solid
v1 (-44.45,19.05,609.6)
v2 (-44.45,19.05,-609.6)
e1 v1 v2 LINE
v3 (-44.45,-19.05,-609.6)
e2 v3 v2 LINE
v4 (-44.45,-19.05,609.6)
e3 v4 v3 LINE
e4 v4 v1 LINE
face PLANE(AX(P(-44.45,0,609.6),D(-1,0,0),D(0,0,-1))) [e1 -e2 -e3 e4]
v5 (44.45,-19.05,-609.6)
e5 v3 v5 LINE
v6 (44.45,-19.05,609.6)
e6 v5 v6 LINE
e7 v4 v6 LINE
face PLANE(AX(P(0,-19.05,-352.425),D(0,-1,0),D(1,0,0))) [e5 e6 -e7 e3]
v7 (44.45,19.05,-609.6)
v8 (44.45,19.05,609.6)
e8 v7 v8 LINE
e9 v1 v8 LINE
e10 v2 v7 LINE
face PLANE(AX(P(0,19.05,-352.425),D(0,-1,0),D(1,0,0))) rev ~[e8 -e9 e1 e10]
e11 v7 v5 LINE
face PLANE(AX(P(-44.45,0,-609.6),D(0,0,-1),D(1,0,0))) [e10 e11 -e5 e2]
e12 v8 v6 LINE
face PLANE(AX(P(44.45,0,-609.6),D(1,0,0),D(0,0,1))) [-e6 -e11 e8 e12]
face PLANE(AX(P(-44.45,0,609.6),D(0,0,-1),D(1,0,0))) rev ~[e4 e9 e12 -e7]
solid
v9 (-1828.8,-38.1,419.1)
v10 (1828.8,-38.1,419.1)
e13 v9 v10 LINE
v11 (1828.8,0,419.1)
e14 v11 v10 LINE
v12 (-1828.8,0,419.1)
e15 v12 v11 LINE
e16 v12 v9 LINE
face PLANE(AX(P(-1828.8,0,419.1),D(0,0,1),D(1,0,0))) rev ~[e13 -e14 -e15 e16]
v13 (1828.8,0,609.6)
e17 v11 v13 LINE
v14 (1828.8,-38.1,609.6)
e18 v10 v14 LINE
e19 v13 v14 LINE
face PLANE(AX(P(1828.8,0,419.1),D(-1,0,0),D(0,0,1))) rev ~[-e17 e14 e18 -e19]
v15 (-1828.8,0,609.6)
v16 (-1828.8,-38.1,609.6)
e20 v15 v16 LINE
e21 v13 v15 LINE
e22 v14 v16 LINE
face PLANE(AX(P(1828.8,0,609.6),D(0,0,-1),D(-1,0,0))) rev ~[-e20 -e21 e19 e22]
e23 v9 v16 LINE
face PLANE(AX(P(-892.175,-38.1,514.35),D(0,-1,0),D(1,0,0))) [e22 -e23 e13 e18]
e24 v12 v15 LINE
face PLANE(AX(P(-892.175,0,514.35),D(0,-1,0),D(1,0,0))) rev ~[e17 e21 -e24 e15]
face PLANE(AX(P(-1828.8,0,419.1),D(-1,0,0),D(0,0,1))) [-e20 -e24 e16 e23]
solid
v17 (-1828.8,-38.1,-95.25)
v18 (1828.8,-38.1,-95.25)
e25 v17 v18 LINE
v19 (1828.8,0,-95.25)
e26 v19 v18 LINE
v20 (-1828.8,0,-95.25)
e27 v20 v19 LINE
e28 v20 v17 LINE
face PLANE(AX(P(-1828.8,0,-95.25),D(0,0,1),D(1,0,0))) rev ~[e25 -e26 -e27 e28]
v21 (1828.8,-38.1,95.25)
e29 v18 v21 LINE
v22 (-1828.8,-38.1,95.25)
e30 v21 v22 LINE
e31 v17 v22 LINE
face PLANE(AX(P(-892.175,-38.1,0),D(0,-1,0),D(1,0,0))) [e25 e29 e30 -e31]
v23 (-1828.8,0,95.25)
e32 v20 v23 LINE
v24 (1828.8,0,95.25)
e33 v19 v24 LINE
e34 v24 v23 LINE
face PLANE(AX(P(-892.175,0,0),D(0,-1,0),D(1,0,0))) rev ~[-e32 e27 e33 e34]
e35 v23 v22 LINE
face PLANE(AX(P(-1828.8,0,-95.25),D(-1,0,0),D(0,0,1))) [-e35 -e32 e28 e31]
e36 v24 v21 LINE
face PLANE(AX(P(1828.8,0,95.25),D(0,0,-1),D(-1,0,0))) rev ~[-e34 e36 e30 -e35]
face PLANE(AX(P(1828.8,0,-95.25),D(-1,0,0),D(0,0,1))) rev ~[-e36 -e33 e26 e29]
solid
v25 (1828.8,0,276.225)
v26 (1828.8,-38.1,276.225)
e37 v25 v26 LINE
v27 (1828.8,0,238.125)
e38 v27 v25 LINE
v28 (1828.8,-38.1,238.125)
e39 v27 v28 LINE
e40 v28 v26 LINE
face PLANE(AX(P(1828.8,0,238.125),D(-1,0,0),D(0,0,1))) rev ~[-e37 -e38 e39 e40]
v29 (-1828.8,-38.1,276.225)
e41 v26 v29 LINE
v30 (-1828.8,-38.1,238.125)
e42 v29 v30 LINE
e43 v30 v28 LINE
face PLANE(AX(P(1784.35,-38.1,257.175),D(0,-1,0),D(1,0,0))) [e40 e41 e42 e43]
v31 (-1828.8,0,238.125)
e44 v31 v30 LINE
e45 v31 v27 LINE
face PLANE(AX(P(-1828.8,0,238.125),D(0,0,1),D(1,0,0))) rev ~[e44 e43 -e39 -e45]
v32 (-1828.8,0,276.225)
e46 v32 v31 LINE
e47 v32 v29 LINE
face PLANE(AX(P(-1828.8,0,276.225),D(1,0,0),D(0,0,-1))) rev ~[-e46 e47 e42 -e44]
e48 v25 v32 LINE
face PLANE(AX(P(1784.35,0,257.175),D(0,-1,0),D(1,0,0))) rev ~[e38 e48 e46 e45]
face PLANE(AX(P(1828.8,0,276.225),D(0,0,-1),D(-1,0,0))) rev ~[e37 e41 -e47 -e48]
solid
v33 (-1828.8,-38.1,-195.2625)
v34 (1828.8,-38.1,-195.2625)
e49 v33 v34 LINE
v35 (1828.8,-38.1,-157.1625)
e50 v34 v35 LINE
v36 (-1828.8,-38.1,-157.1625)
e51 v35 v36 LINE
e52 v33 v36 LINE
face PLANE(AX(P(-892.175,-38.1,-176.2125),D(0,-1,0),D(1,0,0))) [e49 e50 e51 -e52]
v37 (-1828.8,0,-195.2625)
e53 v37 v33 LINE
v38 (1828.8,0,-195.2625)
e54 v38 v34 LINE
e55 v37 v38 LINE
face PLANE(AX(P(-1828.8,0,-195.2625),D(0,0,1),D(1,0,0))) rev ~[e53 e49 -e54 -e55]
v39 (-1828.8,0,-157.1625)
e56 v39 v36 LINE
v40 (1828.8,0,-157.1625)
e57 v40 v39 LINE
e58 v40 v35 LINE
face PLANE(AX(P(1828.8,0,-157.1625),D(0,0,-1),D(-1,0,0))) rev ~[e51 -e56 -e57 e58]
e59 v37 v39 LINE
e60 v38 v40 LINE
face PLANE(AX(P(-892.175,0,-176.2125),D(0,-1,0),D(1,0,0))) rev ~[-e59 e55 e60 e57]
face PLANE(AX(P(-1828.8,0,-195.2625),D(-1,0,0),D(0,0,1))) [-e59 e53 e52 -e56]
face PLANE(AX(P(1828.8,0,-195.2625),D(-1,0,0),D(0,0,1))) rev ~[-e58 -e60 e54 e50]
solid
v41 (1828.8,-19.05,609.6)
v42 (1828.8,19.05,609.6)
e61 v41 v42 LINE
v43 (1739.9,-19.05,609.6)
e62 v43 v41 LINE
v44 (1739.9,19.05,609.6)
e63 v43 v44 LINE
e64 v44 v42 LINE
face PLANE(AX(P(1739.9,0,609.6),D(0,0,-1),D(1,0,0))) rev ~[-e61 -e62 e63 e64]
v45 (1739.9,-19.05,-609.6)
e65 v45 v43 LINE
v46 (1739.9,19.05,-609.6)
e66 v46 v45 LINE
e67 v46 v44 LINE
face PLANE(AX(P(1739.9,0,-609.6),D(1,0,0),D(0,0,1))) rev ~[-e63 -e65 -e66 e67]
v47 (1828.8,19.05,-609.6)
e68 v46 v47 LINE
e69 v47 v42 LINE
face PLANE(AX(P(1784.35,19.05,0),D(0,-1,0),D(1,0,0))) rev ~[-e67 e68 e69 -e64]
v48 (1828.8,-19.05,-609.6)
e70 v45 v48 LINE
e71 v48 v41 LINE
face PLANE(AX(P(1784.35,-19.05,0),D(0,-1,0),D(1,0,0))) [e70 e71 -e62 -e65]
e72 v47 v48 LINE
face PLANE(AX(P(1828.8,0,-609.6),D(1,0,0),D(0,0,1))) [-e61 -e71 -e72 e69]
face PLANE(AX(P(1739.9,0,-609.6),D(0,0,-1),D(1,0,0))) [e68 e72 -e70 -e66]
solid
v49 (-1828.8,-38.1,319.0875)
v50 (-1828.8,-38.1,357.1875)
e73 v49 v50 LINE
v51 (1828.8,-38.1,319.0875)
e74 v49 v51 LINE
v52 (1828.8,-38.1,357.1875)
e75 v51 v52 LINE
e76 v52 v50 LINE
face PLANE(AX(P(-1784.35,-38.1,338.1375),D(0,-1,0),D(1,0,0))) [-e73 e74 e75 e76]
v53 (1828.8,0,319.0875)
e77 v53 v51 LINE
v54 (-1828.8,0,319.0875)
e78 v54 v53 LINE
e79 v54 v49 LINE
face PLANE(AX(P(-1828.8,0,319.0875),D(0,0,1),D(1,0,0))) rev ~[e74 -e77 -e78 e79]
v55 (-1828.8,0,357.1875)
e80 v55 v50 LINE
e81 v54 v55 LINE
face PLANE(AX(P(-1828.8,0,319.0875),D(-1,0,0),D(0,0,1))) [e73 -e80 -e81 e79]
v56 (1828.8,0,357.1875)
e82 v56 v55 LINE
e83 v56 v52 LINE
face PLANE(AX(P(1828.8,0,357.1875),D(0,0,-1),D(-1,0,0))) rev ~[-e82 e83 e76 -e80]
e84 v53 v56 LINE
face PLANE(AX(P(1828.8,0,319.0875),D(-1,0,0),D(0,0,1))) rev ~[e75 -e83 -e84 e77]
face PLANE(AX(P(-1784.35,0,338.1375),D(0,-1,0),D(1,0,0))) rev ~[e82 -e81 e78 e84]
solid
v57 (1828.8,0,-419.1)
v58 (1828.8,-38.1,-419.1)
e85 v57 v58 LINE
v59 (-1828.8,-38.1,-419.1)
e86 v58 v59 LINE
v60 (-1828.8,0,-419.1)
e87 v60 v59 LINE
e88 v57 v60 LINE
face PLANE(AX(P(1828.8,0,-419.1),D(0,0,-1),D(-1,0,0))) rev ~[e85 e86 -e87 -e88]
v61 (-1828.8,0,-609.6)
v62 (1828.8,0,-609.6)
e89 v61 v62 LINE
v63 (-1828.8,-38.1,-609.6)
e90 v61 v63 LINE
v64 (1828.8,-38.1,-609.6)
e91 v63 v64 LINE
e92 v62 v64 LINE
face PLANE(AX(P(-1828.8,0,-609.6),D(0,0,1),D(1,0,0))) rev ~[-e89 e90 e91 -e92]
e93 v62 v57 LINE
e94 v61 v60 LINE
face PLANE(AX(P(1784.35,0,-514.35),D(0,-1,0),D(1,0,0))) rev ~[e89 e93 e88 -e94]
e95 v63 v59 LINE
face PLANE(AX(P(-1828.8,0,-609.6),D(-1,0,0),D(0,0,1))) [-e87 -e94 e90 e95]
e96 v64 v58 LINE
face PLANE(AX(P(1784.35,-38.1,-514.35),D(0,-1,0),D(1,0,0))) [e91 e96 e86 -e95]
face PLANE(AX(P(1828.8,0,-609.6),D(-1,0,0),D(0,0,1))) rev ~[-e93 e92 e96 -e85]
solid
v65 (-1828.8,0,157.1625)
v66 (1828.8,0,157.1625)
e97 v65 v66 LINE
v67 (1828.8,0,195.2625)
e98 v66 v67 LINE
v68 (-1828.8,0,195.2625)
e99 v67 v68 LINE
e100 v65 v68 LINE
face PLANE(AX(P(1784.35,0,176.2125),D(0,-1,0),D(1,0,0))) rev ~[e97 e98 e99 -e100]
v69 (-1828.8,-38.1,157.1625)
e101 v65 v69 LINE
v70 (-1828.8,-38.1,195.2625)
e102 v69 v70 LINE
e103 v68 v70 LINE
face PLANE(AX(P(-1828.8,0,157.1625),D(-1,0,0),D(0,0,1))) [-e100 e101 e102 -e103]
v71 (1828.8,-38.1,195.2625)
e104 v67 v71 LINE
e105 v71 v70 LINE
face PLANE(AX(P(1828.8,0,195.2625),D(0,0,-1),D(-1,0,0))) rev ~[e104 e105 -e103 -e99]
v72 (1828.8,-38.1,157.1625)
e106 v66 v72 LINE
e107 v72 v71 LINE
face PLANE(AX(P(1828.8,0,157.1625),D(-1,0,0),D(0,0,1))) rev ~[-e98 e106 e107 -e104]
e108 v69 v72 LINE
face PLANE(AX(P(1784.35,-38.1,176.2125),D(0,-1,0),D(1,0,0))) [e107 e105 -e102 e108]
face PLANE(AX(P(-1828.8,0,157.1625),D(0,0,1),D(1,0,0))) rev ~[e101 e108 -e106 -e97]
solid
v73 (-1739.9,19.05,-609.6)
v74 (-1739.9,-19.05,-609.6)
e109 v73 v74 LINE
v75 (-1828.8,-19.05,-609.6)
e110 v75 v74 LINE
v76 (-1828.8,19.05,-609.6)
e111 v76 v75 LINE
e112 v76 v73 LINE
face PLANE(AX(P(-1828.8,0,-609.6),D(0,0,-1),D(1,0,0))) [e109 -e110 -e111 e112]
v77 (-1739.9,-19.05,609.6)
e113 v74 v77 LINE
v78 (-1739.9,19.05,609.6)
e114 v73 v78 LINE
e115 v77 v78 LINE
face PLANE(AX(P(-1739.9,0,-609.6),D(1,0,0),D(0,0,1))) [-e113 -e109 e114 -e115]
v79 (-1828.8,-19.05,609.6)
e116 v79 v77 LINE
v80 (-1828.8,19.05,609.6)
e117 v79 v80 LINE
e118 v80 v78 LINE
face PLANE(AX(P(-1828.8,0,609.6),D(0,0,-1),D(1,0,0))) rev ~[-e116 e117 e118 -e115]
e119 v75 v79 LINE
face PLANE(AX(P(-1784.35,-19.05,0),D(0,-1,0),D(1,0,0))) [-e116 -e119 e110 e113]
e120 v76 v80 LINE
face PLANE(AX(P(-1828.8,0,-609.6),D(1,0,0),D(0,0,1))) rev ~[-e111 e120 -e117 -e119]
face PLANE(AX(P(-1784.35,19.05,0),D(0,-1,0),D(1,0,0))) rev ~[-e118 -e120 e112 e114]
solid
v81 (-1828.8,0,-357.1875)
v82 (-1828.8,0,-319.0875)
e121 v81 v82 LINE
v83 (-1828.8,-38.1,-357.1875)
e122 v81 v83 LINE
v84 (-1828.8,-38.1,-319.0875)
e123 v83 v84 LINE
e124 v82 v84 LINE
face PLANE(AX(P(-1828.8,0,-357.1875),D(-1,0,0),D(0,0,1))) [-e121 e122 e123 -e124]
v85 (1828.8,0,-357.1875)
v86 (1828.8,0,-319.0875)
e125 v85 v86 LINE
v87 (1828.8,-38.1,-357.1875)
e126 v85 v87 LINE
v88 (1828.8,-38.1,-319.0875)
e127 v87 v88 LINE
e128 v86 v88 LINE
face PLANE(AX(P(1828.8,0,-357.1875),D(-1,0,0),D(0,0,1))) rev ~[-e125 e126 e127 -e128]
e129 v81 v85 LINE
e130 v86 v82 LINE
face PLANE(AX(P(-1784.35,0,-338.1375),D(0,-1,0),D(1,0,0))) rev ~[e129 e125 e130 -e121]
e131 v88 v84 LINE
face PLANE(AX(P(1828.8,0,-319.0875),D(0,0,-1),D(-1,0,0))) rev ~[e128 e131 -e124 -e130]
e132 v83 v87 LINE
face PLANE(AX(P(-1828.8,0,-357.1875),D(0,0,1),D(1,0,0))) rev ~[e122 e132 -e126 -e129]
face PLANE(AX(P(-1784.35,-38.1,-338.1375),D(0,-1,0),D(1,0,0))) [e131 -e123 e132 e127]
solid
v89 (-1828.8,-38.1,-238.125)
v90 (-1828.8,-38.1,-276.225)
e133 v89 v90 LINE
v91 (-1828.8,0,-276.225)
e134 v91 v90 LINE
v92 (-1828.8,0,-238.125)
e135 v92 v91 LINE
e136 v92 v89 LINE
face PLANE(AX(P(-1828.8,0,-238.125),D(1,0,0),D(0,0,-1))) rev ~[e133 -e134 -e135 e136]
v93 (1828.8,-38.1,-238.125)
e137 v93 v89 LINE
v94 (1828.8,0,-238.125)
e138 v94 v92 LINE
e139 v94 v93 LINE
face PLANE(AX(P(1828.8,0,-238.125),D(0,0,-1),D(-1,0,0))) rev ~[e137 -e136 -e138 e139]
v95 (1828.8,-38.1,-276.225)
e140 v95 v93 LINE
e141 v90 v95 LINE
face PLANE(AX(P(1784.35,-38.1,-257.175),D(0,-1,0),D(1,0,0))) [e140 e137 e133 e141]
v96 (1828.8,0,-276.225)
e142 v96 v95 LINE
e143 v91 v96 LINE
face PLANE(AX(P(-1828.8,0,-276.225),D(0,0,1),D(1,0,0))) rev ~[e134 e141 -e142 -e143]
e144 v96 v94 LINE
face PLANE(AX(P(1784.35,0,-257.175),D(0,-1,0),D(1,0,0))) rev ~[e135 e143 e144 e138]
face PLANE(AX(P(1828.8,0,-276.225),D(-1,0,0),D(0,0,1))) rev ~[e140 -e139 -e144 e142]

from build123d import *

# Parameters (mm, degrees)
F0_W     = 1695.45
F0_H     = 190.5
F0_W_2   = 88.9
F1_DEPTH = 38.1
F0_H_2   = 38.1
F2_W     = 88.9
F2_H     = 1219.2
F3_DEPTH = 19.05
F2_H_2   = 514.35
F2_H_3   = 190.5


with BuildPart() as f1:
    # F0 (on Front) → F1 (new body)
    with BuildSketch(Plane.XZ):
        with Locations((-892.175, 514.35)):
            Rectangle(F0_W, F0_H)
        with Locations((0, 514.35)):
            Rectangle(F0_W_2, F0_H)
        with Locations((892.175, 514.35)):
            Rectangle(F0_W, F0_H)
        with Locations((1784.35, 514.35)):
            Rectangle(F0_W_2, F0_H)
        with Locations((-1784.35, 514.35)):
            Rectangle(F0_W_2, F0_H)
    extrude(amount=F1_DEPTH)


with BuildPart() as f1b:
    # F0 (on Front) → F1, piece 2 (new body)
    with BuildSketch(Plane.XZ):
        with Locations((-892.175, 0)):
            Rectangle(F0_W, F0_H)
        Rectangle(F0_W_2, F0_H)
        with Locations((892.175, 0)):
            Rectangle(F0_W, F0_H)
        with Locations((1784.35, 0)):
            Rectangle(F0_W_2, F0_H)
        with Locations((-1784.35, 0)):
            Rectangle(F0_W_2, F0_H)
    extrude(amount=F1_DEPTH)


with BuildPart() as f1c:
    # F0 (on Front) → F1, piece 3 (new body)
    with BuildSketch(Plane.XZ):
        with Locations((-1784.35, -338.1375)):
            Rectangle(F0_W_2, F0_H_2)
        with Locations((-892.175, -338.1375)):
            Rectangle(F0_W, F0_H_2)
        with Locations((892.175, -338.1375)):
            Rectangle(F0_W, F0_H_2)
        with Locations((0, -338.1375)):
            Rectangle(F0_W_2, F0_H_2)
        with Locations((1784.35, -338.1375)):
            Rectangle(F0_W_2, F0_H_2)
    extrude(amount=F1_DEPTH)


with BuildPart() as f1d:
    # F0 (on Front) → F1, piece 4 (new body)
    with BuildSketch(Plane.XZ):
        with Locations((1784.35, -514.35)):
            Rectangle(F0_W_2, F0_H)
        with Locations((892.175, -514.35)):
            Rectangle(F0_W, F0_H)
        with Locations((0, -514.35)):
            Rectangle(F0_W_2, F0_H)
        with Locations((-892.175, -514.35)):
            Rectangle(F0_W, F0_H)
        with Locations((-1784.35, -514.35)):
            Rectangle(F0_W_2, F0_H)
    extrude(amount=F1_DEPTH)


with BuildPart() as f1e:
    # F0 (on Front) → F1, piece 5 (new body)
    with BuildSketch(Plane.XZ):
        with Locations((-1784.35, 338.1375)):
            Rectangle(F0_W_2, F0_H_2)
        with Locations((-892.175, 338.1375)):
            Rectangle(F0_W, F0_H_2)
        with Locations((0, 338.1375)):
            Rectangle(F0_W_2, F0_H_2)
        with Locations((1784.35, 338.1375)):
            Rectangle(F0_W_2, F0_H_2)
        with Locations((892.175, 338.1375)):
            Rectangle(F0_W, F0_H_2)
    extrude(amount=F1_DEPTH)


with BuildPart() as f1f:
    # F0 (on Front) → F1, piece 6 (new body)
    with BuildSketch(Plane.XZ):
        with Locations((1784.35, 176.2125)):
            Rectangle(F0_W_2, F0_H_2)
        with Locations((892.175, 176.2125)):
            Rectangle(F0_W, F0_H_2)
        with Locations((0, 176.2125)):
            Rectangle(F0_W_2, F0_H_2)
        with Locations((-892.175, 176.2125)):
            Rectangle(F0_W, F0_H_2)
        with Locations((-1784.35, 176.2125)):
            Rectangle(F0_W_2, F0_H_2)
    extrude(amount=F1_DEPTH)


with BuildPart() as f1g:
    # F0 (on Front) → F1, piece 7 (new body)
    with BuildSketch(Plane.XZ):
        with Locations((-892.175, -176.2125)):
            Rectangle(F0_W, F0_H_2)
        with Locations((-1784.35, -176.2125)):
            Rectangle(F0_W_2, F0_H_2)
        with Locations((0, -176.2125)):
            Rectangle(F0_W_2, F0_H_2)
        with Locations((892.175, -176.2125)):
            Rectangle(F0_W, F0_H_2)
        with Locations((1784.35, -176.2125)):
            Rectangle(F0_W_2, F0_H_2)
    extrude(amount=F1_DEPTH)


with BuildPart() as f1h:
    # F0 (on Front) → F1, piece 8 (new body)
    with BuildSketch(Plane.XZ):
        with Locations((1784.35, -257.175)):
            Rectangle(F0_W_2, F0_H_2)
        with Locations((892.175, -257.175)):
            Rectangle(F0_W, F0_H_2)
        with Locations((0, -257.175)):
            Rectangle(F0_W_2, F0_H_2)
        with Locations((-892.175, -257.175)):
            Rectangle(F0_W, F0_H_2)
        Polygon((-1828.8, -276.225), (-1739.9, -276.225), (-1739.9, -238.125), (-1828.8, -238.125), (-1828.8, -257.175), align=None)
    extrude(amount=F1_DEPTH)


with BuildPart() as f1i:
    # F0 (on Front) → F1, piece 9 (new body)
    with BuildSketch(Plane.XZ):
        with Locations((1784.35, 257.175)):
            Rectangle(F0_W_2, F0_H_2)
        with Locations((892.175, 257.175)):
            Rectangle(F0_W, F0_H_2)
        with Locations((0, 257.175)):
            Rectangle(F0_W_2, F0_H_2)
        with Locations((-892.175, 257.175)):
            Rectangle(F0_W, F0_H_2)
        Polygon((-1828.8, 238.125), (-1739.9, 238.125), (-1739.9, 276.225), (-1828.8, 276.225), (-1828.8, 257.175), align=None)
    extrude(amount=F1_DEPTH)


with BuildPart() as f3:
    # F2 (on face) → F3 (new body, symmetric)
    with BuildSketch(Plane.XZ):
        with Locations((-1784.35, 0)):
            Rectangle(F2_W, F2_H)
    extrude(amount=F3_DEPTH, both=True)


with BuildPart() as f3b:
    # F2 (on face) → F3, piece 2 (new body, symmetric)
    with BuildSketch(Plane.XZ):
        with Locations((1784.35, 0)):
            Rectangle(F2_W, F2_H)
    extrude(amount=F3_DEPTH, both=True)


with BuildPart() as f3c:
    # F2 (on face) → F3, piece 3 (new body, symmetric)
    with BuildSketch(Plane.XZ):
        with Locations((0, -352.425)):
            Rectangle(F2_W, F2_H_2)
        with Locations((0, 352.425)):
            Rectangle(F2_W, F2_H_2)
        Rectangle(F2_W, F2_H_3)
    extrude(amount=F3_DEPTH, both=True)


solid = Compound([f1.part, f1b.part, f1c.part, f1d.part, f1e.part, f1f.part, f1g.part, f1h.part, f1i.part, f3.part, f3b.part, f3c.part])
